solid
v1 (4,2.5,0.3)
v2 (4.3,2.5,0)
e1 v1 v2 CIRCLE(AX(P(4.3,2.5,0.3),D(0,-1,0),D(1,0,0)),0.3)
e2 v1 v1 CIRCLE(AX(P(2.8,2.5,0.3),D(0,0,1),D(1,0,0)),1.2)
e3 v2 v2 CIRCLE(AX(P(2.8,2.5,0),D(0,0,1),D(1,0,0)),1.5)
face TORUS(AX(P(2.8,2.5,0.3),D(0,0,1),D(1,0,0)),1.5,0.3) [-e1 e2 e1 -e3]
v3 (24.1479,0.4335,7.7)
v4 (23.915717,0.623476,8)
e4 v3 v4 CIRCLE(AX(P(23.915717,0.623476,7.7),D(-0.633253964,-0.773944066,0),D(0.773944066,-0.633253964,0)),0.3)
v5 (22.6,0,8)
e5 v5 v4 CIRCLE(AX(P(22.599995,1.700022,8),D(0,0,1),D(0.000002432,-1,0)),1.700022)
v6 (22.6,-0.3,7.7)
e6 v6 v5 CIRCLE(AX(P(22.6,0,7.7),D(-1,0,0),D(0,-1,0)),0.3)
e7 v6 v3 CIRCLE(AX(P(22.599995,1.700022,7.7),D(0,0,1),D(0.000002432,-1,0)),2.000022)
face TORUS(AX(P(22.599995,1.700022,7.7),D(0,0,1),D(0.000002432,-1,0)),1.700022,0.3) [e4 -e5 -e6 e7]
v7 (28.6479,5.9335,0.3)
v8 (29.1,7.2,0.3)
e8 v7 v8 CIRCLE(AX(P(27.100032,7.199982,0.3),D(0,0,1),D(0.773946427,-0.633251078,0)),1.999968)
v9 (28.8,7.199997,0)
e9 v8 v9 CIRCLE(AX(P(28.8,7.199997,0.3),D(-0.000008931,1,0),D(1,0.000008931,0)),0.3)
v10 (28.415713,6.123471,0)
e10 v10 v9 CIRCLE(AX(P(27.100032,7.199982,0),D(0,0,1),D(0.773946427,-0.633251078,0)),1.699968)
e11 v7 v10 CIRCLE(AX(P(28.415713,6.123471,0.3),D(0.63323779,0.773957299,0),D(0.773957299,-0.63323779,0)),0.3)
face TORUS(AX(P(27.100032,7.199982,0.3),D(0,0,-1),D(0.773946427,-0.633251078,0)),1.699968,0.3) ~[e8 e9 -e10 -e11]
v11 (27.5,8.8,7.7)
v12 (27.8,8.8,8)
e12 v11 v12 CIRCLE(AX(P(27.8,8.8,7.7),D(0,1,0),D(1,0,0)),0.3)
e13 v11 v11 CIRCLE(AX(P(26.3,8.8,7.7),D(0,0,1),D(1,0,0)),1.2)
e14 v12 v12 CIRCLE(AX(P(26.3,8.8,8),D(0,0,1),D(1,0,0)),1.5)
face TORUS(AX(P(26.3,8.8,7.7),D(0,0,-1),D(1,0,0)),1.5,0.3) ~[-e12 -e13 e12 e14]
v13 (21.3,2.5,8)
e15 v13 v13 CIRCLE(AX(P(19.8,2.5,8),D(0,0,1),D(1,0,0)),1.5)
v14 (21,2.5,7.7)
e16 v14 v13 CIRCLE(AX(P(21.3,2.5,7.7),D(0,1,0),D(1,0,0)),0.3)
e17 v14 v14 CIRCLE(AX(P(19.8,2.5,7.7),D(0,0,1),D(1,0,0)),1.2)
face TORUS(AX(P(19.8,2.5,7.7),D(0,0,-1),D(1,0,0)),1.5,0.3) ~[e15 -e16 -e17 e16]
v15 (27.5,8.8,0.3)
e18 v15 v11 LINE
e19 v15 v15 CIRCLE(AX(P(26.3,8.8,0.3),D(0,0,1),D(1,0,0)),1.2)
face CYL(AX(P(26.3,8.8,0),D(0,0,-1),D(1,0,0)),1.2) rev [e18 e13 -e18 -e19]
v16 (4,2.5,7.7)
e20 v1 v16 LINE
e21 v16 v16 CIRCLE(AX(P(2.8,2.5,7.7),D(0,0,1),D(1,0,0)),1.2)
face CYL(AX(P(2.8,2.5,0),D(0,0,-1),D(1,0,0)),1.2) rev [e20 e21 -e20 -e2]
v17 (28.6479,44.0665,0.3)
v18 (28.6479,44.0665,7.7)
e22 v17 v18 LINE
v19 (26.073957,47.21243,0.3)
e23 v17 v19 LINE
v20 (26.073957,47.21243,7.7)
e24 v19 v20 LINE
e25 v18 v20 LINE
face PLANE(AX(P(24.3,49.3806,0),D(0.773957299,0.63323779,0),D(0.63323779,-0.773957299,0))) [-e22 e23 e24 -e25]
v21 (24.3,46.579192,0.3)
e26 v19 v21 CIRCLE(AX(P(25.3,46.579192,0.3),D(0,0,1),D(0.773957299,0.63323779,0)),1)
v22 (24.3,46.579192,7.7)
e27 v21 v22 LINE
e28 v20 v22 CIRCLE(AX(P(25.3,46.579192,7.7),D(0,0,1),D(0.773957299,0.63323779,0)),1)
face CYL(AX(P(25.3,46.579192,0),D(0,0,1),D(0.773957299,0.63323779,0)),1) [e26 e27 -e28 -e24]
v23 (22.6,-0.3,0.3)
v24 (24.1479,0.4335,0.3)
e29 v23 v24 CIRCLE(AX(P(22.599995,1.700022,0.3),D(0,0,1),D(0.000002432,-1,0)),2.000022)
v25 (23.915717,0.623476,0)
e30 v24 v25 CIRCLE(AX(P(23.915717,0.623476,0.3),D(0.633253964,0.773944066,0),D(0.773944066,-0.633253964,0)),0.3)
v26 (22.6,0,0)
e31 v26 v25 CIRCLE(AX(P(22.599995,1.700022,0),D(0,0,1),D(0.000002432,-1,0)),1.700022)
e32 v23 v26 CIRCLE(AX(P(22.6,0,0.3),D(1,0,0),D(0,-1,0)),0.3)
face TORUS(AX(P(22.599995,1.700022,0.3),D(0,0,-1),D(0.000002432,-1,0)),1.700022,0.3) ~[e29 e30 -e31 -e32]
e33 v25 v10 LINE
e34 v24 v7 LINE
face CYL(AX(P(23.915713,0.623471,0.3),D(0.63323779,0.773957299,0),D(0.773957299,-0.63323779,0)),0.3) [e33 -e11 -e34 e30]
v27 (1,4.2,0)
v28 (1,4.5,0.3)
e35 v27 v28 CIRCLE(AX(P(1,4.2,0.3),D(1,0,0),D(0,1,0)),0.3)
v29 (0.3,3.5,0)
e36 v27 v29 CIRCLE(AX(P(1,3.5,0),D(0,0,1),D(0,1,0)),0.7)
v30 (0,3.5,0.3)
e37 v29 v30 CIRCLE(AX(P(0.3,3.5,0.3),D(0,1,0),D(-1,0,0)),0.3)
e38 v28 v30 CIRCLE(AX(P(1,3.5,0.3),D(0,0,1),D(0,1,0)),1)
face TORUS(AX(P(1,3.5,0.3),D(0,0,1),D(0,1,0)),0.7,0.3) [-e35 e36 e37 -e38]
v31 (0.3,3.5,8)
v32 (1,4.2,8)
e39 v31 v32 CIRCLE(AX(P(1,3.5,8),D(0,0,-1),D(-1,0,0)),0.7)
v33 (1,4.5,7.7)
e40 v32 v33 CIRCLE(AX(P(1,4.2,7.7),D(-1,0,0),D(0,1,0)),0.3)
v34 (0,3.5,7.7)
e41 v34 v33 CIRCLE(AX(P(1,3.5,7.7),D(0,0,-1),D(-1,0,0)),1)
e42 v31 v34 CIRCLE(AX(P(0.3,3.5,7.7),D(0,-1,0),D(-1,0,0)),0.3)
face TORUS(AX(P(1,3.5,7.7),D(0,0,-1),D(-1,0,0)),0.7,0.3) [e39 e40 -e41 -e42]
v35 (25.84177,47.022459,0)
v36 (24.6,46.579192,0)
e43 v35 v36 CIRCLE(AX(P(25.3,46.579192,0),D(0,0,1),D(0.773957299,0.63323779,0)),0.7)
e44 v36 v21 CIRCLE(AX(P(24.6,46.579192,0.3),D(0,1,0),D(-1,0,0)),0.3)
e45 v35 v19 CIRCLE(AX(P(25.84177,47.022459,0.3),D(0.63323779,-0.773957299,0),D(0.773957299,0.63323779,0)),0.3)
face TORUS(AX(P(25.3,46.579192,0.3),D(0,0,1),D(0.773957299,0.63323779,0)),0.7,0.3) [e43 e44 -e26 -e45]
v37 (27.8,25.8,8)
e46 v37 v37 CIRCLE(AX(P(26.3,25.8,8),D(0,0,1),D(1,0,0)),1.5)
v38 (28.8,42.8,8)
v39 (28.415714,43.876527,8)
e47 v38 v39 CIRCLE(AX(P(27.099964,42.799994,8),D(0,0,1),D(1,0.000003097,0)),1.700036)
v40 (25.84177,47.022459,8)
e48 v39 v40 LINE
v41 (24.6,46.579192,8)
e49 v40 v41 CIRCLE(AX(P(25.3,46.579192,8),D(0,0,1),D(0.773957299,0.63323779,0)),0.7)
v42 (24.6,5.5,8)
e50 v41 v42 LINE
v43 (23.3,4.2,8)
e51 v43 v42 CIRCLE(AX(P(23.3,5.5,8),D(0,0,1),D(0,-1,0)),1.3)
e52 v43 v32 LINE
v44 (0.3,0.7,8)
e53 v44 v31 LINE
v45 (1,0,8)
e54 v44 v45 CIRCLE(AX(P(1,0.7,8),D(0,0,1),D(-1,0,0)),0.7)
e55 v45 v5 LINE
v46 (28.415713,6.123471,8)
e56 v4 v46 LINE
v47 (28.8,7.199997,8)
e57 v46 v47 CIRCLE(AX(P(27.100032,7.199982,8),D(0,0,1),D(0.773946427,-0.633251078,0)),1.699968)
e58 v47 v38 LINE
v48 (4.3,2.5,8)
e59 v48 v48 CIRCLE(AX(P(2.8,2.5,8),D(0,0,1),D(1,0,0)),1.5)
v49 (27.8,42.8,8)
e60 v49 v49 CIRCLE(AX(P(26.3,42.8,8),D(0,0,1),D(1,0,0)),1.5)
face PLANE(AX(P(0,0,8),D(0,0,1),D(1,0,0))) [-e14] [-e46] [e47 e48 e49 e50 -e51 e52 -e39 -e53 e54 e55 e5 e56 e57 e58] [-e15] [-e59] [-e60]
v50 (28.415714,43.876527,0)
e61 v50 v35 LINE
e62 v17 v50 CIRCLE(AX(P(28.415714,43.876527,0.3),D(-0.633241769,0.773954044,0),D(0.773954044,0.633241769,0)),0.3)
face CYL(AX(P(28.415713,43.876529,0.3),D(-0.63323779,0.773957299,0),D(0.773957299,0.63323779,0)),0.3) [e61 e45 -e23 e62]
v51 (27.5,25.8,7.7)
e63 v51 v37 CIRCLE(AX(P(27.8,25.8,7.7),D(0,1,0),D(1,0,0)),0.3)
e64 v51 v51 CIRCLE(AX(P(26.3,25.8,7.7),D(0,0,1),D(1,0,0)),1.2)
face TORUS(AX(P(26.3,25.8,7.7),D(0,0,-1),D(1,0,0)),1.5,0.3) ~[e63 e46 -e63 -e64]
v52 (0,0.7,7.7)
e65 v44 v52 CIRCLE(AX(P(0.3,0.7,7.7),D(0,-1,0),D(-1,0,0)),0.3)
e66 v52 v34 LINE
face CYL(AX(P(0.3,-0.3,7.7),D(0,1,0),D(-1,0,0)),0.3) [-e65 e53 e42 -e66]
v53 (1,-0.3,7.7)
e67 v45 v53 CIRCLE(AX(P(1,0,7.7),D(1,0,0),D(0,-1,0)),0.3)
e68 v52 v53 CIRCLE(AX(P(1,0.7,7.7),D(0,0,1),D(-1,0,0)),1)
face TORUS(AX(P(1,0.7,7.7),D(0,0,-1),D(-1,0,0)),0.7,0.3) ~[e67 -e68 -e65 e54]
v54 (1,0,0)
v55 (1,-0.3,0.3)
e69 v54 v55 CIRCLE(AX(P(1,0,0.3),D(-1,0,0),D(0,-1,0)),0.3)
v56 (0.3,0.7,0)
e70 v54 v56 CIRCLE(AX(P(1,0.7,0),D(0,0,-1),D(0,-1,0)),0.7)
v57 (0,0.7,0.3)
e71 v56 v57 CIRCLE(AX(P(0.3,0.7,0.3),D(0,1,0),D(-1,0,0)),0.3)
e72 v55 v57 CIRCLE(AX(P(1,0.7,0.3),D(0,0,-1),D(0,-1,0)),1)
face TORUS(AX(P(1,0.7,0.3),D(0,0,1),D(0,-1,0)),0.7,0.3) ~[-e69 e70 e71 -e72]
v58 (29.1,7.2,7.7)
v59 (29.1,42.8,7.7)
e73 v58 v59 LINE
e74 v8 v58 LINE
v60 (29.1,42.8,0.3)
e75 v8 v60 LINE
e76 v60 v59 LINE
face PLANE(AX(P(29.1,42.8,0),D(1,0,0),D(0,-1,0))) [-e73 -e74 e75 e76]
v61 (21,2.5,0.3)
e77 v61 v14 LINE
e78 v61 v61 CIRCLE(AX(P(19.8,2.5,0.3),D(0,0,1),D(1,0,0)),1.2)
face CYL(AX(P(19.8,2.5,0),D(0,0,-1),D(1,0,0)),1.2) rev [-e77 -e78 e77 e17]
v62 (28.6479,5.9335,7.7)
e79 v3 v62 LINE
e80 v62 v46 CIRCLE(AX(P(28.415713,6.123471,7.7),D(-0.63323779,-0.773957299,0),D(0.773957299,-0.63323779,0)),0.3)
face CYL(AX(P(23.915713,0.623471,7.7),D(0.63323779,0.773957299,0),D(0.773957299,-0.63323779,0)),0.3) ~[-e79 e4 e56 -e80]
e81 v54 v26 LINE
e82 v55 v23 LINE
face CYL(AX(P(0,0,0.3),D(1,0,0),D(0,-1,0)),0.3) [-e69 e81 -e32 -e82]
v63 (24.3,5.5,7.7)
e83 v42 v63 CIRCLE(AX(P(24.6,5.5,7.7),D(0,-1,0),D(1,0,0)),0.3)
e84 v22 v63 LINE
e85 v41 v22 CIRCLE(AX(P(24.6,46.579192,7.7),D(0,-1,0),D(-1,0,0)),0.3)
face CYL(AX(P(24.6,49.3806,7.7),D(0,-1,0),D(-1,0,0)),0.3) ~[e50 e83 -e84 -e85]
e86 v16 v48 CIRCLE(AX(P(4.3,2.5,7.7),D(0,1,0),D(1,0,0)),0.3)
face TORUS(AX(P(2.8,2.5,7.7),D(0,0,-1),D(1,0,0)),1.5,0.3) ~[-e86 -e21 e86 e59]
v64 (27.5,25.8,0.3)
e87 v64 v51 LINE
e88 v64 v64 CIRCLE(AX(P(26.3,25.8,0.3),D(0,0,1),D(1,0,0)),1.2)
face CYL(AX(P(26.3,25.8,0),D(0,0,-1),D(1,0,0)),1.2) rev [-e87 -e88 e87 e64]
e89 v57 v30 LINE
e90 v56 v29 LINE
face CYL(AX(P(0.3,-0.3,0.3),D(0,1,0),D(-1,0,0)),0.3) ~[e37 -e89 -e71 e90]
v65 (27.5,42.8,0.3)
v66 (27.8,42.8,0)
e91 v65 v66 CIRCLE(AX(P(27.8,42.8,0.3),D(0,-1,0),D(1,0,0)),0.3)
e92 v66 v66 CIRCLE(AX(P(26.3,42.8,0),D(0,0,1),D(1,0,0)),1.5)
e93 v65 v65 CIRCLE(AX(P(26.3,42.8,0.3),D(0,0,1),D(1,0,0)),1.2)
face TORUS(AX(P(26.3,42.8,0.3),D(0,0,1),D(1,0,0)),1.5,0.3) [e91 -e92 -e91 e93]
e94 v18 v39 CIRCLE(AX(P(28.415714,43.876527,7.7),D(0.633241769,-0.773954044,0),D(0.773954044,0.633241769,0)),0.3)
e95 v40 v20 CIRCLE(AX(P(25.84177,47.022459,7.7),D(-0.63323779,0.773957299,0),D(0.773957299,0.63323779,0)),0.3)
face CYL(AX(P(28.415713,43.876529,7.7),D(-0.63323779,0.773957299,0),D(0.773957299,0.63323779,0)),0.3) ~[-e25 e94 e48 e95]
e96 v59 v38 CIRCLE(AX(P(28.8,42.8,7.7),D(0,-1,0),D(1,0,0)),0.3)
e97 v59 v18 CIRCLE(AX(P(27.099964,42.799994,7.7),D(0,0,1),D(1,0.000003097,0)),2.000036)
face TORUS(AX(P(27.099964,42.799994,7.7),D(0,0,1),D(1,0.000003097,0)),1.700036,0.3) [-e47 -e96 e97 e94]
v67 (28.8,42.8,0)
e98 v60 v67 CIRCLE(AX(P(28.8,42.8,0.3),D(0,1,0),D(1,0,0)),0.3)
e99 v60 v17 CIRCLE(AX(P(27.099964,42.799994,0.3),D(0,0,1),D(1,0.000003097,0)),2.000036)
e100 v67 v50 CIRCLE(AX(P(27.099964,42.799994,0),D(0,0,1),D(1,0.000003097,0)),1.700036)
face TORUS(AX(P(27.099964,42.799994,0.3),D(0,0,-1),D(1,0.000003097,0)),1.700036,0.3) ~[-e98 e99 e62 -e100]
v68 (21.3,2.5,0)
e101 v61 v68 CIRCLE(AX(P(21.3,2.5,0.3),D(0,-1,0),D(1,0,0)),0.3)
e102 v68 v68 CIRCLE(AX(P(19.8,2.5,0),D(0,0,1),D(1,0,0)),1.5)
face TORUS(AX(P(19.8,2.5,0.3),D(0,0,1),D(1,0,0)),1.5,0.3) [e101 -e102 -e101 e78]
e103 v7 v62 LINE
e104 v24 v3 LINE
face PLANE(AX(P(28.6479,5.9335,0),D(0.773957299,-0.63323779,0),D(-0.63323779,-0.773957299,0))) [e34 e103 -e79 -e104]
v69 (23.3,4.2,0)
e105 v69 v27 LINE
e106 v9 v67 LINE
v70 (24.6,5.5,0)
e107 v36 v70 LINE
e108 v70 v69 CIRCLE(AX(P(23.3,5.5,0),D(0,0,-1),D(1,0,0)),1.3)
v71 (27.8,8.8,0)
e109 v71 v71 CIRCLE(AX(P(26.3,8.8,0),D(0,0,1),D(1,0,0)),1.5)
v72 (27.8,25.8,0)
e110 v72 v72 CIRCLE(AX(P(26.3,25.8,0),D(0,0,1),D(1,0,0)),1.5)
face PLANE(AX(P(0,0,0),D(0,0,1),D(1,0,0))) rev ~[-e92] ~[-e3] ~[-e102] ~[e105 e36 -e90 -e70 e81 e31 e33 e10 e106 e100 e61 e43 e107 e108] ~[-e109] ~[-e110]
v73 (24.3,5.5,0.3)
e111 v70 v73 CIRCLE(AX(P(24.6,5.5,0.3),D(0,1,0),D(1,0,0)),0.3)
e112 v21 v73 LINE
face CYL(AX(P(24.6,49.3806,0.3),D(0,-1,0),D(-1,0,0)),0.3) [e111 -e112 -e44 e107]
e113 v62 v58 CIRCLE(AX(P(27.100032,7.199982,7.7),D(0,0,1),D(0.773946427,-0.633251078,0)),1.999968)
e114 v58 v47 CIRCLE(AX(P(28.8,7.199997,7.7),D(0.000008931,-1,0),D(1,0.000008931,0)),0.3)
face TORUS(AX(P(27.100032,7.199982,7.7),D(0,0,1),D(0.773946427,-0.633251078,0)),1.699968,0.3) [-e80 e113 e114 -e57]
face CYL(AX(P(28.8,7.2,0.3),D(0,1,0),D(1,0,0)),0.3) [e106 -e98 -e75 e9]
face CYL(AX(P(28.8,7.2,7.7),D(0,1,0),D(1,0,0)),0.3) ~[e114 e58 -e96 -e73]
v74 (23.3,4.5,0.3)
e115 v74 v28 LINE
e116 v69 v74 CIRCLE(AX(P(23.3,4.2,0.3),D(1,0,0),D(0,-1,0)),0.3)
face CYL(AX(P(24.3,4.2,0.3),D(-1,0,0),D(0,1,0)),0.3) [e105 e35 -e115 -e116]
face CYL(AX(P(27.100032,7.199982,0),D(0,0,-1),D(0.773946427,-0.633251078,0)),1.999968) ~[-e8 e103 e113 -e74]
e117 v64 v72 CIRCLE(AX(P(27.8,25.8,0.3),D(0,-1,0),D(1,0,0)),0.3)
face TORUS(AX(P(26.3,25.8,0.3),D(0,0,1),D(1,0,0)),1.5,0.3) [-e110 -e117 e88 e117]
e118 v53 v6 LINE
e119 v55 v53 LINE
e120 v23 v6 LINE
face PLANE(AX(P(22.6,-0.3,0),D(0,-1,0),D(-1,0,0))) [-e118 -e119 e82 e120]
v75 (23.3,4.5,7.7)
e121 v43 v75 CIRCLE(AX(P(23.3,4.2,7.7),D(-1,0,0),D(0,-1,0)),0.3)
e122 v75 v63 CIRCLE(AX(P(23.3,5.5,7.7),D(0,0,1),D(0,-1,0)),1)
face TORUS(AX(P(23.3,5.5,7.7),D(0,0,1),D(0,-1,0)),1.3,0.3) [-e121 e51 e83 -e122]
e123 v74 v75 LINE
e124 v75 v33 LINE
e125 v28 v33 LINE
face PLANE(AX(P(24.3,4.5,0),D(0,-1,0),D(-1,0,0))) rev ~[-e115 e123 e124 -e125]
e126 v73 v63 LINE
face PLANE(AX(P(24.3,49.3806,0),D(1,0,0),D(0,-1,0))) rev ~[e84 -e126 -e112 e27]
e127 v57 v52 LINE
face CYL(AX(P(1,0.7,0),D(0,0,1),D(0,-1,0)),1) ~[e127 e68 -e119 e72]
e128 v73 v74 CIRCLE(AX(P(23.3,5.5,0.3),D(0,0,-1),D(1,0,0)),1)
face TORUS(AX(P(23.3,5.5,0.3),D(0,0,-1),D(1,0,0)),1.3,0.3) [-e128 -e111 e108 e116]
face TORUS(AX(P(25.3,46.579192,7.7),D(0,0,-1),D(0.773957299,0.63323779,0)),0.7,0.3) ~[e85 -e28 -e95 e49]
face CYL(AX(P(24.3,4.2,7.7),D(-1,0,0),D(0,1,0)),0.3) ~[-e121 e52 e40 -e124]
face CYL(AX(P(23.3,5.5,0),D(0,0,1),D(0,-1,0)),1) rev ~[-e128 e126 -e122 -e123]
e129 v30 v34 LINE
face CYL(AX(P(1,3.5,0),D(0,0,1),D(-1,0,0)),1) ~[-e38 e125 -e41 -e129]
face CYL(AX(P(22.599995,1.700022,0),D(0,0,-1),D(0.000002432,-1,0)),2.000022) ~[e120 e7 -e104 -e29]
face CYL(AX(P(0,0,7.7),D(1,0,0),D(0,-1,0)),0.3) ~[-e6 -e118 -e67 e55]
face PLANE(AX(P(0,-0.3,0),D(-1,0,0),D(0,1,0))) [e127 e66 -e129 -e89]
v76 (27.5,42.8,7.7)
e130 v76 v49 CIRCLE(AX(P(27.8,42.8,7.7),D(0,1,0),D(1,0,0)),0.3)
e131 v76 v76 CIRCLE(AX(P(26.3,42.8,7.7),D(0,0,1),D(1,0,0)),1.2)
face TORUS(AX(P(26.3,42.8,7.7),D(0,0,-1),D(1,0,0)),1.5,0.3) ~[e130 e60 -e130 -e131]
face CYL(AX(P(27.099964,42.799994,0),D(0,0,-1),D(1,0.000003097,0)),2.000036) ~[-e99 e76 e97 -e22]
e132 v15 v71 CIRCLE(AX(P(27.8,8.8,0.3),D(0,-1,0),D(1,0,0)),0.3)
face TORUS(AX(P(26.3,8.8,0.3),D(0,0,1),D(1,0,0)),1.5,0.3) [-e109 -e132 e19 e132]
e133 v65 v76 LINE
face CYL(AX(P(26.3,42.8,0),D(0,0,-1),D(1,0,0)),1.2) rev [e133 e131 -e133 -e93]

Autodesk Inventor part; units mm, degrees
ref_plane "YZ Plane" through (0, 0, 0) normal (1, 0, 0) x (0, 1, 0)
ref_plane "XZ Plane" through (0, 0, 0) normal (0, 1, 0) x (-1, 0, 0)
ref_plane "XY Plane" through (0, 0, 0) normal (0, 0, 1) x (1, 0, 0)
sketch "Sketch1" plane through (0, 0, 0) normal (0, 0, 1) x (1, 0, 0)
  arc A0 (-0.3454, 49.9645) -> (-0.9, 48.8) centre (0.6, 48.8) ccw construction
  arc A1 (-0.3454, 49.9645) -> (-1.3157, 49.3765) centre (0, 48.3) ccw construction
  line L0 (-1.3157, 49.3765) -> (-5.8157, 43.8765) construction
  arc A2 (-5.8157, 43.8765) -> (-6.2, 42.8) centre (-4.5, 42.8) ccw construction
  line L1 (-6.2, 42.8) -> (-6.2, 7.2) construction
  arc A3 (-6.2, 7.2) -> (-5.8157, 6.1235) centre (-4.5, 7.2) ccw construction
  line L2 (-5.8157, 6.1235) -> (-1.3157, 0.6235) construction
  arc A4 (-1.3157, 0.6235) -> (0, 0) centre (0, 1.7) ccw construction
  line L3 (0, 0) -> (22.6, 0) construction
  arc A5 (22.6, 0) -> (23.9157, 0.6235) centre (22.6, 1.7) ccw construction
  line L4 (23.9157, 0.6235) -> (28.4157, 6.1235) construction
  arc A6 (28.4157, 6.1235) -> (28.8, 7.2) centre (27.1, 7.2) ccw construction
  line L5 (28.8, 7.2) -> (28.8, 42.8) construction
  arc A7 (28.8, 42.8) -> (28.4157, 43.8765) centre (27.1, 42.8) ccw construction
  line L6 (28.4157, 43.8765) -> (23.9157, 49.3765) construction
  arc A8 (23.9157, 49.3765) -> (22.9454, 49.9645) centre (22.6, 48.3) ccw construction
  arc A9 (23.5, 48.8) -> (22.9454, 49.9645) centre (22, 48.8) ccw construction
  line L7 (23.5, 48.8) -> (23.5, 6.8) construction
  arc A10 (22, 5.3) -> (23.5, 6.8) centre (22, 6.8) ccw construction
  line L8 (0.6, 5.3) -> (22, 5.3) construction
  arc A11 (-0.9, 6.8) -> (0.6, 5.3) centre (0.6, 6.8) ccw construction
  line L9 (-0.9, 48.8) -> (-0.9, 6.8) construction
  circle A12 centre (2.8, 2.5) radius 1.2
  circle A13 centre (19.8, 2.5) radius 1.2
  circle A14 centre (-3.7, 42.8) radius 1.2 construction
  circle A15 centre (-3.7, 25.8) radius 1.2 construction
  circle A16 centre (-3.7, 8.8) radius 1.2 construction
  circle A17 centre (26.3, 8.8) radius 1.2
  circle A18 centre (26.3, 25.8) radius 1.2
  circle A19 centre (26.3, 42.8) radius 1.2
  line L10 (22.6, -0.3) -> (0, -0.3) construction
  arc A20 (-1.5479, 0.4335) -> (0, -0.3) centre (0, 1.7) ccw construction
  line L11 (-1.5479, 0.4335) -> (-6.0479, 5.9335) construction
  arc A21 (-6.5, 7.2) -> (-6.0479, 5.9335) centre (-4.5, 7.2) ccw construction
  line L12 (-6.5, 7.2) -> (-6.5, 42.8) construction
  line L13 (28.6479, 5.9335) -> (24.1479, 0.4335) construction
  arc A22 (22.6, -0.3) -> (24.1479, 0.4335) centre (22.6, 1.7) ccw construction
  line L14 (29.1, 42.8) -> (29.1, 7.2) construction
  arc A23 (28.6479, 5.9335) -> (29.1, 7.2) centre (27.1, 7.2) ccw construction
  arc A24 (29.1, 42.8) -> (28.6479, 44.0665) centre (27.1, 42.8) ccw construction
  line L15 (24.1479, 49.5665) -> (28.6479, 44.0665) construction
  arc A25 (24.1479, 49.5665) -> (22.6, 50.3) centre (22.6, 48.3) ccw construction
  spline S0 degree 3 poles (22.6, 50.1748) (22.6318, 50.1609) (22.6649, 50.1451) (22.7851, 50.0818) (22.8689, 50.0267) (22.9454, 49.9645) knots -0.198467 -0.198467 -0.198467 -0.198467 -0.191756 -0.191756 -0.174636 -0.174636 -0.174636 -0.174636 construction
  spline S1 degree 3 poles (22.6, 50.1748) (22.5559, 50.194) (22.511, 50.2111) (22.3105, 50.2765) (22.1493, 50.3) (22, 50.3) knots -0.063423 -0.063423 -0.063423 -0.063423 -0.049053 -0.049053 0 0 0 0 construction
  arc A26 (0, 50.3) -> (-1.5479, 49.5665) centre (0, 48.3) ccw construction
  line L16 (0, 50.3) -> (0.6, 50.3) construction
  line L17 (-6.0479, 44.0665) -> (-1.5479, 49.5665) construction
  spline S2 degree 3 poles (0, 50.1748) (-0.0932, 50.1341) (-0.1972, 50.077) (-0.3151, 49.9887) (-0.3305, 49.9767) (-0.3454, 49.9645) knots 0.037429 0.037429 0.037429 0.037429 0.058499 0.058499 0.061766 0.061766 0.061766 0.061766 construction
  spline S3 degree 3 poles (0.6, 50.3) (0.4507, 50.3) (0.2895, 50.2765) (0.089, 50.2111) (0.0441, 50.194) (0, 50.1748) knots -0.307639 -0.307639 -0.307639 -0.307639 -0.258586 -0.258586 -0.244216 -0.244216 -0.244216 -0.244216 construction
  line L18 (22, 50.3) -> (22.6, 50.3) construction
  arc A27 (-6.0479, 44.0665) -> (-6.5, 42.8) centre (-4.5, 42.8) ccw construction
  circle A28 centre (11.3, 38.3) radius 5 construction
  line L19 (24.3, 49.3806) -> (24.3, 4.5)
  line L20 (24.3, 49.3806) -> (28.6479, 44.0665)
  line L21 (29.1, 42.8) -> (29.1, 7.2)
  line L22 (28.6479, 5.9335) -> (24.1479, 0.4335)
  line L23 (22.6, -0.3) -> (0, -0.3)
  line L24 (0, -0.3) -> (0, 4.5)
  line L25 (24.3, 4.5) -> (0, 4.5)
  arc A29 (28.6479, 5.9335) -> (29.1, 7.2) centre (27.1, 7.2) ccw
  arc A30 (22.6, -0.3) -> (24.1479, 0.4335) centre (22.6, 1.7) ccw
  arc A31 (29.1, 42.8) -> (28.6479, 44.0665) centre (27.1, 42.8) ccw
  point P0 (11.3, 25)
  dimension "d1" = 0.8
  dimension "d2" = 0.8
extrude "Extrusion1" add sketch "Sketch1" along normal blind 8
fillet "Fillet1" radius 1 4 edges at (24.3, 4.5, 4) (24.3, 49.3806, 4) (0, 4.5, 4) (0, -0.3, 4)
fillet "Fillet1" radius 0.3 30 edges at (25.1, 42.8, 8) (25.1, 25.8, 8) (25.1, 8.8, 8) (18.6, 2.5, 8) (1.6, 2.5, 8) (25.1, 8.8, 0) (25.1, 25.8, 0) (25.1, 42.8, 0) (18.6, 2.5, 0) (1.6, 2.5, 0) (23.4565, -0.1073, 0) (11.3, -0.3, 0) (28.9836, 6.5276, 0) (29.1, 25, 0) (28.9836, 43.4724, 0) (26.474, 46.7235, 0) (26.3979, 3.1835, 0) (24.3, 26.9403, 0) (12.15, 4.5, 0) (0, 2.1, 0) (0, 2.1, 8) (23.4565, -0.1073, 8) (26.3979, 3.1835, 8) (28.9836, 6.5276, 8) (29.1, 25, 8) (28.9836, 43.4724, 8) (26.474, 46.7235, 8) (11.3, -0.3, 8) (12.15, 4.5, 8) (24.3, 26.9403, 8)
equation "\"d2\" = d1"
equation "\"d0\" = d1"
properties part number "dual_motor_spacer_1"
